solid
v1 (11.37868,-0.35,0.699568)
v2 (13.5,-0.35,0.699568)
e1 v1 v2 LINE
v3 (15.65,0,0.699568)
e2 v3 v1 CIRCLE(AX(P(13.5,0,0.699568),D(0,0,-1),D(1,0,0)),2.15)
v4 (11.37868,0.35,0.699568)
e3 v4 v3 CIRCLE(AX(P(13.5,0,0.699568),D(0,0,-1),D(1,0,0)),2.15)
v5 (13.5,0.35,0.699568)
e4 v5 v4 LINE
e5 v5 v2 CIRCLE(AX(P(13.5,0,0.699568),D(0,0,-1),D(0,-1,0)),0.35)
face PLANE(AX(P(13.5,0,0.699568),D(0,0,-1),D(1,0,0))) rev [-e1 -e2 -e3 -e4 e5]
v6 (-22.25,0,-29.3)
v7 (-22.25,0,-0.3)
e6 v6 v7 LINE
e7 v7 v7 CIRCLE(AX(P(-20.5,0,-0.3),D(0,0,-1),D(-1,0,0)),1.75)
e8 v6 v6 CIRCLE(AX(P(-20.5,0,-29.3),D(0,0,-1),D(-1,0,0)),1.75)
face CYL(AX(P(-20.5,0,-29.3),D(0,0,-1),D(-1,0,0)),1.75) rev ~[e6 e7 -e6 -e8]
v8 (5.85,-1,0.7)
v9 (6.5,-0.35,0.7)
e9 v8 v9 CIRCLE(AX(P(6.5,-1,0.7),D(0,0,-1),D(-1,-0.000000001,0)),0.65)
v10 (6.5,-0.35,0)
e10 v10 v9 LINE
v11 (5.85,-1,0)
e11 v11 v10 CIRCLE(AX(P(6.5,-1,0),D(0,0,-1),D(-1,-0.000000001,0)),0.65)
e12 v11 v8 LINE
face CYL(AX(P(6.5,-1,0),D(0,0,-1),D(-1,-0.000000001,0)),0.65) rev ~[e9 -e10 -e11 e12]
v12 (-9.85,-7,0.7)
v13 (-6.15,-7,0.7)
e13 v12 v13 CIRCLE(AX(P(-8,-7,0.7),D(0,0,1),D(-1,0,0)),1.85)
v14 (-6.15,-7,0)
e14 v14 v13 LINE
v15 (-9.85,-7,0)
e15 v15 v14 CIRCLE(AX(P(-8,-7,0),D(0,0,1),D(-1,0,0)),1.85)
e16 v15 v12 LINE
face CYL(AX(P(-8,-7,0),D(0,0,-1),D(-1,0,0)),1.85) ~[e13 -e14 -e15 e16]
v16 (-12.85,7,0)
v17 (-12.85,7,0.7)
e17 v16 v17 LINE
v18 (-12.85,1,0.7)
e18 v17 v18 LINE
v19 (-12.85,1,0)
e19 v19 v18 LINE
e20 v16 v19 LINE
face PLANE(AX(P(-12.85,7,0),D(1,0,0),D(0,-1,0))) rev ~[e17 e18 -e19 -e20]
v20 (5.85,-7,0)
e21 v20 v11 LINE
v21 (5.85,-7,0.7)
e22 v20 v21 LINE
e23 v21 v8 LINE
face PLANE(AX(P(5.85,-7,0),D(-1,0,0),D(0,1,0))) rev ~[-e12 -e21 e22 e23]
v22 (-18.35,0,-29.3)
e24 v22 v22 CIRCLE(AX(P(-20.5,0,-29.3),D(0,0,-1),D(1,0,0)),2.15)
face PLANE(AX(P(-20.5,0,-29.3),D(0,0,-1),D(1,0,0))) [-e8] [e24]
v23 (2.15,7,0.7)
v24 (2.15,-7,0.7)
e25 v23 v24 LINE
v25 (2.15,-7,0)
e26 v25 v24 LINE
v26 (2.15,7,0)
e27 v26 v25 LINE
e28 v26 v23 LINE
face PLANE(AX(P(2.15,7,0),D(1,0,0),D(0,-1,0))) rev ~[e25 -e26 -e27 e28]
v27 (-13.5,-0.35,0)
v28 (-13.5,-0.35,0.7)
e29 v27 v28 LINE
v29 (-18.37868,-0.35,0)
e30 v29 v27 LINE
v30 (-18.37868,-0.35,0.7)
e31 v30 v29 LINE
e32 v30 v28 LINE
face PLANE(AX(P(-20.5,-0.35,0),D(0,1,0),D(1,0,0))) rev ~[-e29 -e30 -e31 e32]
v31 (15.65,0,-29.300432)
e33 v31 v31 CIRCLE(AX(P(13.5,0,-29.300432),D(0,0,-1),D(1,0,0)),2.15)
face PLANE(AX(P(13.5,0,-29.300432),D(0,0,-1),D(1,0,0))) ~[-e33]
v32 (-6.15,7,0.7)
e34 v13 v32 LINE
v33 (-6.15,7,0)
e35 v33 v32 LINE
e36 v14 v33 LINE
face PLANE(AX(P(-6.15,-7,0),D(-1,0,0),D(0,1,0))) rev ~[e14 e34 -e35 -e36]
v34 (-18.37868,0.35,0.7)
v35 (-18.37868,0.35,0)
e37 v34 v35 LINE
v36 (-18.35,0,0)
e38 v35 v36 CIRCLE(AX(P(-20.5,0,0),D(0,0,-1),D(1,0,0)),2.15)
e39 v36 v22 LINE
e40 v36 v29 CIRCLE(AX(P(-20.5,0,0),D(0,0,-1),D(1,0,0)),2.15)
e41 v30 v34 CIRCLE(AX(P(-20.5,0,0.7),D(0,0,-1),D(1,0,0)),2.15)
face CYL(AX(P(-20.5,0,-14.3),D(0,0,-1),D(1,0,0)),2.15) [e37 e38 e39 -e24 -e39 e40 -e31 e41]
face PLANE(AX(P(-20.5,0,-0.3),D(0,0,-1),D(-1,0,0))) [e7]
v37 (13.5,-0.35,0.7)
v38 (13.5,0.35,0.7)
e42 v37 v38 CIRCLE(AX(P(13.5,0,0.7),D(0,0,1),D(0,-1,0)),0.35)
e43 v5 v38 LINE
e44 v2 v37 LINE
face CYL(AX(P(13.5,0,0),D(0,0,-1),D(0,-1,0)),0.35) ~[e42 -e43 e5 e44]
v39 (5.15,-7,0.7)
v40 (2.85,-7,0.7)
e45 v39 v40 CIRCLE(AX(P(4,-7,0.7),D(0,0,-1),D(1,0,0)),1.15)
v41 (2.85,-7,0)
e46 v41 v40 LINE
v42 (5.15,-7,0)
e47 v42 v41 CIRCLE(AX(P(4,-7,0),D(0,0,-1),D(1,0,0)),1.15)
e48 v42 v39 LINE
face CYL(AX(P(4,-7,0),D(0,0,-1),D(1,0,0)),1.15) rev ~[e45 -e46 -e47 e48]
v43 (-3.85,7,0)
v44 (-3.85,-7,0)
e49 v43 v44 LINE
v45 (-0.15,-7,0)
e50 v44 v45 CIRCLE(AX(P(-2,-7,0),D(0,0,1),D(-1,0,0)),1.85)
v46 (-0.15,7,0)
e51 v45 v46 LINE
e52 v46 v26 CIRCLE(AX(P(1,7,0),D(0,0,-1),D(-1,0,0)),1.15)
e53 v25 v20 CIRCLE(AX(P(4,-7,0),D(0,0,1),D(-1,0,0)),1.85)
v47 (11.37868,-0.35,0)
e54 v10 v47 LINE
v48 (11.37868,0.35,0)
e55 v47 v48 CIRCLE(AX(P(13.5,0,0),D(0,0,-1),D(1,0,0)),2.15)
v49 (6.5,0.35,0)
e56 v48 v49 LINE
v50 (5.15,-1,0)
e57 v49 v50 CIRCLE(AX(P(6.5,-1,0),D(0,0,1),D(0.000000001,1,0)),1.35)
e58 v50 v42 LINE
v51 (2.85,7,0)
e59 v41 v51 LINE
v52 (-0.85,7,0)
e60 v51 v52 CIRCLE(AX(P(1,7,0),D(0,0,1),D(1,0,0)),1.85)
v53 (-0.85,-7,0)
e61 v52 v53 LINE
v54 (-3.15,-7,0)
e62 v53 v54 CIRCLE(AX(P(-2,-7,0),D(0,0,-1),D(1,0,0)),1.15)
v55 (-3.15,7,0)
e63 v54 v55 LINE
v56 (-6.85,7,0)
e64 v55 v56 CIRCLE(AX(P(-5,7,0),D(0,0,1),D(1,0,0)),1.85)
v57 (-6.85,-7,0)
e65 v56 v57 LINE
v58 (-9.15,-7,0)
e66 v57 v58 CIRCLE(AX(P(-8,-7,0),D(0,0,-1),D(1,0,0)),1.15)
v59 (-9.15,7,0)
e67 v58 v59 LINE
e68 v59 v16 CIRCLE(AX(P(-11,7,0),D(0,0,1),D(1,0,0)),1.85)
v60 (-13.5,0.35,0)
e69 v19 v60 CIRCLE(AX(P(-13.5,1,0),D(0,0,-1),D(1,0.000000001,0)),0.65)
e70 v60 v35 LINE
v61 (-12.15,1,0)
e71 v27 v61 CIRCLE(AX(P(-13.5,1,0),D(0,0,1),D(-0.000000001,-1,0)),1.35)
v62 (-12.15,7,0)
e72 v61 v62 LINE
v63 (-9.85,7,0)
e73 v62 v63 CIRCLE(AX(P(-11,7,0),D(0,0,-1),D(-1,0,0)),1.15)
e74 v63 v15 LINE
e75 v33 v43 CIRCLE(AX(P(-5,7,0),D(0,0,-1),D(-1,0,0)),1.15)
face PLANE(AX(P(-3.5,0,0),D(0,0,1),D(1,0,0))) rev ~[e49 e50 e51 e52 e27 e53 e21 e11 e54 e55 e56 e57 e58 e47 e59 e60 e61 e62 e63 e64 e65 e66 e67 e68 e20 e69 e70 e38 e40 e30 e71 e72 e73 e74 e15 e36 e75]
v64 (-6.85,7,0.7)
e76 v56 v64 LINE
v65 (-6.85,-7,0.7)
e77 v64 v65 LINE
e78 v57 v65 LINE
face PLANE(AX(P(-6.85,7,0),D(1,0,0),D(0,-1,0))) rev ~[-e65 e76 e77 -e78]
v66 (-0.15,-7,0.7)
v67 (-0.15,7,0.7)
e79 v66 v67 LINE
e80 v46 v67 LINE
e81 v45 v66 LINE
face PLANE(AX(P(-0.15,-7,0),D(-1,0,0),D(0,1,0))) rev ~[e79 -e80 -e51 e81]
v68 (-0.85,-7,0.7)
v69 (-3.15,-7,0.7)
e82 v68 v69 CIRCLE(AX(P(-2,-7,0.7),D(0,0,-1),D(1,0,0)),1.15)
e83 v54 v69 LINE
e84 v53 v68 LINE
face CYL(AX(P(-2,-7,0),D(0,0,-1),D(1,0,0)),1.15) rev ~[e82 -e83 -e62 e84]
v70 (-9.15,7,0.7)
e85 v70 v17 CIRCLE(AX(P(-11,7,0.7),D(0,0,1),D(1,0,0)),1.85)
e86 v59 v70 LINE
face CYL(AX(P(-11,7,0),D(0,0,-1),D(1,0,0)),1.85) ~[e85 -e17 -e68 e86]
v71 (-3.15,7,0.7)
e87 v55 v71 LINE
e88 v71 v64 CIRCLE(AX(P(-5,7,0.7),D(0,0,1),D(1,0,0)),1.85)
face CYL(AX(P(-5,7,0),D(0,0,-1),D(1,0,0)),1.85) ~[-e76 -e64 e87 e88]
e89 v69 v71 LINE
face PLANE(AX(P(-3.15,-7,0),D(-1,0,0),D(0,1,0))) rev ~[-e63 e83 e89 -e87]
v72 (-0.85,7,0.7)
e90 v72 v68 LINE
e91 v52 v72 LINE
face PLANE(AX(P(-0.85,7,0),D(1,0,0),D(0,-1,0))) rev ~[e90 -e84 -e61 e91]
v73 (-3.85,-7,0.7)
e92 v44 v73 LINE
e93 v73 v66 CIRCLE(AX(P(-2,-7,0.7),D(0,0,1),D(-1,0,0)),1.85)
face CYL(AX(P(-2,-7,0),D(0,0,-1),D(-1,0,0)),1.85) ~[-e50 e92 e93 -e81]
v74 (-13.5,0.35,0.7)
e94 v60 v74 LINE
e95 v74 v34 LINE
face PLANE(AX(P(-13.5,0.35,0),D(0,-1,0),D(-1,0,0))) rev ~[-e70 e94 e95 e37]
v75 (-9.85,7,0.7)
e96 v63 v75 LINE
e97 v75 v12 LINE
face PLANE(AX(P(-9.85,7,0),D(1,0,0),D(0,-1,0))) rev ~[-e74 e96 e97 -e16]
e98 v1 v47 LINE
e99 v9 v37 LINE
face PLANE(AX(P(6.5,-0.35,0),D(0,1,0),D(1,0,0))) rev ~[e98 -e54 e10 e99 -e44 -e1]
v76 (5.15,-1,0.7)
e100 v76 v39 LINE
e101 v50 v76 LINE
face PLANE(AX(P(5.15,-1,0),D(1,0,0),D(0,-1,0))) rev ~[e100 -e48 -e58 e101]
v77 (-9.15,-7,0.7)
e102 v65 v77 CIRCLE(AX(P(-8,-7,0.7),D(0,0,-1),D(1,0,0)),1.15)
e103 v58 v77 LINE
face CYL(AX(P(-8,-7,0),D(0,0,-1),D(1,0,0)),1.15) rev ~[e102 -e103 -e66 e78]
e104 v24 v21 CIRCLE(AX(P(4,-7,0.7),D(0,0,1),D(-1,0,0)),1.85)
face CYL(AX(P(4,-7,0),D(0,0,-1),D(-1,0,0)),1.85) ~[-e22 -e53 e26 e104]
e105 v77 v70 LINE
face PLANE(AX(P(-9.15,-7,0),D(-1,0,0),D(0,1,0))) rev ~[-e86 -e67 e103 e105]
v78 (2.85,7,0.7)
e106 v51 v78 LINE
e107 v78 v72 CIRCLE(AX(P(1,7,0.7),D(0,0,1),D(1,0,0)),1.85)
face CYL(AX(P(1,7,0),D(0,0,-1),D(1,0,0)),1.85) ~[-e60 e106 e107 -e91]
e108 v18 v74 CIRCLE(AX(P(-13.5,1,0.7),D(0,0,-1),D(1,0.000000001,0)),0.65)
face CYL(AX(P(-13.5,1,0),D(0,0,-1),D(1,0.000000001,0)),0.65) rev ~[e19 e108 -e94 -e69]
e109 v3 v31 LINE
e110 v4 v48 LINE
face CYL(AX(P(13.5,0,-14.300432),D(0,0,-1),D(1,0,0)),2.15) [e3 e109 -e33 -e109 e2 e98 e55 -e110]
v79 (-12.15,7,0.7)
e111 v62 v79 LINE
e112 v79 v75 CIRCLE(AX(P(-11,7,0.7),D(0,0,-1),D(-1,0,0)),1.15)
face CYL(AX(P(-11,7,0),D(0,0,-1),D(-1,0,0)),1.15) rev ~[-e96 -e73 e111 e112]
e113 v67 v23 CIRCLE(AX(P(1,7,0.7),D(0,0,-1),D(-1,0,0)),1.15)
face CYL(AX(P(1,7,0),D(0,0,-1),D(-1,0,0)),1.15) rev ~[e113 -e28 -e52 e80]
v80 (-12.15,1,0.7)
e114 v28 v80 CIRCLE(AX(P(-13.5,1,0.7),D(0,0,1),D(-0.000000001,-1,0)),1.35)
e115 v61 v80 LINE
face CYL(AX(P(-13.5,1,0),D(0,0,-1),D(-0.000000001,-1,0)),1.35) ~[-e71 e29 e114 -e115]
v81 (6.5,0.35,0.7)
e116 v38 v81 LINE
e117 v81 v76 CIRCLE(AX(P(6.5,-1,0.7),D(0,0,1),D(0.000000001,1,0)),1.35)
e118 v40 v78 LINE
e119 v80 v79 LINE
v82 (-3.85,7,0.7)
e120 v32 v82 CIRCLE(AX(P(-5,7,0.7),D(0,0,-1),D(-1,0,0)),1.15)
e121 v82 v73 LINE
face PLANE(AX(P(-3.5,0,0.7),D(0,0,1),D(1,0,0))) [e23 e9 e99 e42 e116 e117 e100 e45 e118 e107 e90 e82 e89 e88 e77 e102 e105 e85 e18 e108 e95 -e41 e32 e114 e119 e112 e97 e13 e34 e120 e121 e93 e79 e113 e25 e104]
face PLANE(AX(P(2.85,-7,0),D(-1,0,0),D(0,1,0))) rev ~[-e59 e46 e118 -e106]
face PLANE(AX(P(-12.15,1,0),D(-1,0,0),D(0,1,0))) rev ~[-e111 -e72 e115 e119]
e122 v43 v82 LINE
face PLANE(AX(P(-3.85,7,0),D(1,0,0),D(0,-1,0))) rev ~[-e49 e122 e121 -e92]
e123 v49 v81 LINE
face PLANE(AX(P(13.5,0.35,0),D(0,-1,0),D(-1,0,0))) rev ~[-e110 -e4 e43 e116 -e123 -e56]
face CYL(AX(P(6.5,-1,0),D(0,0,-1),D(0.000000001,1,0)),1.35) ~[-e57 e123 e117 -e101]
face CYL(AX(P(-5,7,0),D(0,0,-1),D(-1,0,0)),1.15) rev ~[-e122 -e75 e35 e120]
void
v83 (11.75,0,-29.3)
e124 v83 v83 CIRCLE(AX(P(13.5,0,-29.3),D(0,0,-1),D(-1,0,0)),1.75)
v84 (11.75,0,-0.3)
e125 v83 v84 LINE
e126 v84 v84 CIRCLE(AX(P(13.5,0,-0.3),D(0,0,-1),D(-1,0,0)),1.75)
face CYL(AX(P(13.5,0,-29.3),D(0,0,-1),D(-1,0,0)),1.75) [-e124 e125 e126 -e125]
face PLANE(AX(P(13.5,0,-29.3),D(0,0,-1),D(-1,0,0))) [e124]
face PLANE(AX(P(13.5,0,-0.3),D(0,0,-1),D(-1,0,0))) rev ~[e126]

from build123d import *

# Parameters (mm, degrees)
BOSS_EXTRUDE1_DEPTH = 0.7
SKETCH3_W           = 2.15
SKETCH3_H           = 30
SKETCH4_W           = 2.15
SKETCH4_H           = 30
SKETCH5_R           = 1.75
CUT_EXTRUDE1_DEPTH  = 29


with BuildPart() as part:
    # Sketch2 → Boss-Extrude1 (new body)
    with BuildSketch(Plane.XY):
        with BuildLine():
            Line((-20.5, -0.35), (-13.5, -0.35))
            ThreePointArc((-13.5, -0.35), (-12.545405845, 0.045405845), (-12.15, 1))
            Line((-12.15, 1), (-12.15, 7))
            ThreePointArc((-12.15, 7), (-11, 8.15), (-9.85, 7))
            Line((-9.85, 7), (-9.85, 0))
            Line((-9.85, 0), (-9.85, -7))
            ThreePointArc((-9.85, -7), (-8, -8.85), (-6.15, -7))
            Line((-6.15, -7), (-6.15, 0))
            Line((-6.15, 0), (-6.15, 7))
            ThreePointArc((-6.15, 7), (-5, 8.15), (-3.85, 7))
            Line((-3.85, 7), (-3.85, 0))
            Line((-3.85, 0), (-3.85, -7))
            ThreePointArc((-3.85, -7), (-2, -8.85), (-0.15, -7))
            Line((-0.15, -7), (-0.15, 0))
            Line((-0.15, 0), (-0.15, 7))
            ThreePointArc((-0.15, 7), (1, 8.15), (2.15, 7))
            Line((2.15, 7), (2.15, 0))
            Line((2.15, 0), (2.15, -7))
            ThreePointArc((2.15, -7), (4, -8.85), (5.85, -7))
            Line((5.85, -7), (5.85, -1))
            ThreePointArc((5.85, -1), (6.040380592, -0.540380592), (6.5, -0.35))
            Line((6.5, -0.35), (13.5, -0.35))
            ThreePointArc((13.5, -0.35), (13.85, 0), (13.5, 0.35))
            Line((13.5, 0.35), (6.5, 0.35))
            ThreePointArc((6.5, 0.35), (5.545405845, -0.045405845), (5.15, -1))
            Line((5.15, -1), (5.15, -7))
            ThreePointArc((5.15, -7), (4, -8.15), (2.85, -7))
            Line((2.85, -7), (2.85, 0))
            Line((2.85, 0), (2.85, 7))
            ThreePointArc((2.85, 7), (1, 8.85), (-0.85, 7))
            Line((-0.85, 7), (-0.85, 0))
            Line((-0.85, 0), (-0.85, -7))
            ThreePointArc((-0.85, -7), (-2, -8.15), (-3.15, -7))
            Line((-3.15, -7), (-3.15, 0))
            Line((-3.15, 0), (-3.15, 7))
            ThreePointArc((-3.15, 7), (-5, 8.85), (-6.85, 7))
            Line((-6.85, 7), (-6.85, 0))
            Line((-6.85, 0), (-6.85, -7))
            ThreePointArc((-6.85, -7), (-8, -8.15), (-9.15, -7))
            Line((-9.15, -7), (-9.15, 0))
            Line((-9.15, 0), (-9.15, 7))
            ThreePointArc((-9.15, 7), (-11, 8.85), (-12.85, 7))
            Line((-12.85, 7), (-12.85, 1))
            ThreePointArc((-12.85, 1), (-13.040380592, 0.540380592), (-13.5, 0.35))
            Line((-13.5, 0.35), (-20.5, 0.35))
            ThreePointArc((-20.5, 0.35), (-20.85, 0), (-20.5, -0.35))
        make_face()
    extrude(amount=BOSS_EXTRUDE1_DEPTH)

    # Sketch3 → Revolve1 (revolve)
    with BuildSketch(Plane(origin=(0, 0, 0), x_dir=(1, 0, 0), z_dir=(0, 1, 0)), mode=Mode.PRIVATE) as revolve1_sk:
        with Locations((-21.575, 14.3)):
            Rectangle(SKETCH3_W, SKETCH3_H)
    revolve(revolve1_sk.sketch.rotate(Axis((-20.5, 0, 0.7), (0, 0, -1)), 180), axis=Axis((-20.5, 0, 0.7), (0, 0, -1)))

    # Sketch4 → Revolve2 (revolve)
    with BuildSketch(Plane(origin=(0, 0, 0), x_dir=(1, 0, 0), z_dir=(0, 1, 0))):
        with Locations((14.575, 14.30043177)):
            Rectangle(SKETCH4_W, SKETCH4_H)
    revolve(axis=Axis((13.5, 0, 0.69956823), (0, 0, -1)))

    # Sketch5 → Cut-Extrude1 (cut)
    with BuildSketch(Plane(origin=(0, 0, -29.3), x_dir=(-1, 0, 0), z_dir=(0, 0, -1))):
        with Locations((-13.5, 0)):
            Circle(SKETCH5_R)
        with Locations((20.5, 0)):
            Circle(SKETCH5_R)
    extrude(amount=-CUT_EXTRUDE1_DEPTH, mode=Mode.SUBTRACT)


solid = part.part
